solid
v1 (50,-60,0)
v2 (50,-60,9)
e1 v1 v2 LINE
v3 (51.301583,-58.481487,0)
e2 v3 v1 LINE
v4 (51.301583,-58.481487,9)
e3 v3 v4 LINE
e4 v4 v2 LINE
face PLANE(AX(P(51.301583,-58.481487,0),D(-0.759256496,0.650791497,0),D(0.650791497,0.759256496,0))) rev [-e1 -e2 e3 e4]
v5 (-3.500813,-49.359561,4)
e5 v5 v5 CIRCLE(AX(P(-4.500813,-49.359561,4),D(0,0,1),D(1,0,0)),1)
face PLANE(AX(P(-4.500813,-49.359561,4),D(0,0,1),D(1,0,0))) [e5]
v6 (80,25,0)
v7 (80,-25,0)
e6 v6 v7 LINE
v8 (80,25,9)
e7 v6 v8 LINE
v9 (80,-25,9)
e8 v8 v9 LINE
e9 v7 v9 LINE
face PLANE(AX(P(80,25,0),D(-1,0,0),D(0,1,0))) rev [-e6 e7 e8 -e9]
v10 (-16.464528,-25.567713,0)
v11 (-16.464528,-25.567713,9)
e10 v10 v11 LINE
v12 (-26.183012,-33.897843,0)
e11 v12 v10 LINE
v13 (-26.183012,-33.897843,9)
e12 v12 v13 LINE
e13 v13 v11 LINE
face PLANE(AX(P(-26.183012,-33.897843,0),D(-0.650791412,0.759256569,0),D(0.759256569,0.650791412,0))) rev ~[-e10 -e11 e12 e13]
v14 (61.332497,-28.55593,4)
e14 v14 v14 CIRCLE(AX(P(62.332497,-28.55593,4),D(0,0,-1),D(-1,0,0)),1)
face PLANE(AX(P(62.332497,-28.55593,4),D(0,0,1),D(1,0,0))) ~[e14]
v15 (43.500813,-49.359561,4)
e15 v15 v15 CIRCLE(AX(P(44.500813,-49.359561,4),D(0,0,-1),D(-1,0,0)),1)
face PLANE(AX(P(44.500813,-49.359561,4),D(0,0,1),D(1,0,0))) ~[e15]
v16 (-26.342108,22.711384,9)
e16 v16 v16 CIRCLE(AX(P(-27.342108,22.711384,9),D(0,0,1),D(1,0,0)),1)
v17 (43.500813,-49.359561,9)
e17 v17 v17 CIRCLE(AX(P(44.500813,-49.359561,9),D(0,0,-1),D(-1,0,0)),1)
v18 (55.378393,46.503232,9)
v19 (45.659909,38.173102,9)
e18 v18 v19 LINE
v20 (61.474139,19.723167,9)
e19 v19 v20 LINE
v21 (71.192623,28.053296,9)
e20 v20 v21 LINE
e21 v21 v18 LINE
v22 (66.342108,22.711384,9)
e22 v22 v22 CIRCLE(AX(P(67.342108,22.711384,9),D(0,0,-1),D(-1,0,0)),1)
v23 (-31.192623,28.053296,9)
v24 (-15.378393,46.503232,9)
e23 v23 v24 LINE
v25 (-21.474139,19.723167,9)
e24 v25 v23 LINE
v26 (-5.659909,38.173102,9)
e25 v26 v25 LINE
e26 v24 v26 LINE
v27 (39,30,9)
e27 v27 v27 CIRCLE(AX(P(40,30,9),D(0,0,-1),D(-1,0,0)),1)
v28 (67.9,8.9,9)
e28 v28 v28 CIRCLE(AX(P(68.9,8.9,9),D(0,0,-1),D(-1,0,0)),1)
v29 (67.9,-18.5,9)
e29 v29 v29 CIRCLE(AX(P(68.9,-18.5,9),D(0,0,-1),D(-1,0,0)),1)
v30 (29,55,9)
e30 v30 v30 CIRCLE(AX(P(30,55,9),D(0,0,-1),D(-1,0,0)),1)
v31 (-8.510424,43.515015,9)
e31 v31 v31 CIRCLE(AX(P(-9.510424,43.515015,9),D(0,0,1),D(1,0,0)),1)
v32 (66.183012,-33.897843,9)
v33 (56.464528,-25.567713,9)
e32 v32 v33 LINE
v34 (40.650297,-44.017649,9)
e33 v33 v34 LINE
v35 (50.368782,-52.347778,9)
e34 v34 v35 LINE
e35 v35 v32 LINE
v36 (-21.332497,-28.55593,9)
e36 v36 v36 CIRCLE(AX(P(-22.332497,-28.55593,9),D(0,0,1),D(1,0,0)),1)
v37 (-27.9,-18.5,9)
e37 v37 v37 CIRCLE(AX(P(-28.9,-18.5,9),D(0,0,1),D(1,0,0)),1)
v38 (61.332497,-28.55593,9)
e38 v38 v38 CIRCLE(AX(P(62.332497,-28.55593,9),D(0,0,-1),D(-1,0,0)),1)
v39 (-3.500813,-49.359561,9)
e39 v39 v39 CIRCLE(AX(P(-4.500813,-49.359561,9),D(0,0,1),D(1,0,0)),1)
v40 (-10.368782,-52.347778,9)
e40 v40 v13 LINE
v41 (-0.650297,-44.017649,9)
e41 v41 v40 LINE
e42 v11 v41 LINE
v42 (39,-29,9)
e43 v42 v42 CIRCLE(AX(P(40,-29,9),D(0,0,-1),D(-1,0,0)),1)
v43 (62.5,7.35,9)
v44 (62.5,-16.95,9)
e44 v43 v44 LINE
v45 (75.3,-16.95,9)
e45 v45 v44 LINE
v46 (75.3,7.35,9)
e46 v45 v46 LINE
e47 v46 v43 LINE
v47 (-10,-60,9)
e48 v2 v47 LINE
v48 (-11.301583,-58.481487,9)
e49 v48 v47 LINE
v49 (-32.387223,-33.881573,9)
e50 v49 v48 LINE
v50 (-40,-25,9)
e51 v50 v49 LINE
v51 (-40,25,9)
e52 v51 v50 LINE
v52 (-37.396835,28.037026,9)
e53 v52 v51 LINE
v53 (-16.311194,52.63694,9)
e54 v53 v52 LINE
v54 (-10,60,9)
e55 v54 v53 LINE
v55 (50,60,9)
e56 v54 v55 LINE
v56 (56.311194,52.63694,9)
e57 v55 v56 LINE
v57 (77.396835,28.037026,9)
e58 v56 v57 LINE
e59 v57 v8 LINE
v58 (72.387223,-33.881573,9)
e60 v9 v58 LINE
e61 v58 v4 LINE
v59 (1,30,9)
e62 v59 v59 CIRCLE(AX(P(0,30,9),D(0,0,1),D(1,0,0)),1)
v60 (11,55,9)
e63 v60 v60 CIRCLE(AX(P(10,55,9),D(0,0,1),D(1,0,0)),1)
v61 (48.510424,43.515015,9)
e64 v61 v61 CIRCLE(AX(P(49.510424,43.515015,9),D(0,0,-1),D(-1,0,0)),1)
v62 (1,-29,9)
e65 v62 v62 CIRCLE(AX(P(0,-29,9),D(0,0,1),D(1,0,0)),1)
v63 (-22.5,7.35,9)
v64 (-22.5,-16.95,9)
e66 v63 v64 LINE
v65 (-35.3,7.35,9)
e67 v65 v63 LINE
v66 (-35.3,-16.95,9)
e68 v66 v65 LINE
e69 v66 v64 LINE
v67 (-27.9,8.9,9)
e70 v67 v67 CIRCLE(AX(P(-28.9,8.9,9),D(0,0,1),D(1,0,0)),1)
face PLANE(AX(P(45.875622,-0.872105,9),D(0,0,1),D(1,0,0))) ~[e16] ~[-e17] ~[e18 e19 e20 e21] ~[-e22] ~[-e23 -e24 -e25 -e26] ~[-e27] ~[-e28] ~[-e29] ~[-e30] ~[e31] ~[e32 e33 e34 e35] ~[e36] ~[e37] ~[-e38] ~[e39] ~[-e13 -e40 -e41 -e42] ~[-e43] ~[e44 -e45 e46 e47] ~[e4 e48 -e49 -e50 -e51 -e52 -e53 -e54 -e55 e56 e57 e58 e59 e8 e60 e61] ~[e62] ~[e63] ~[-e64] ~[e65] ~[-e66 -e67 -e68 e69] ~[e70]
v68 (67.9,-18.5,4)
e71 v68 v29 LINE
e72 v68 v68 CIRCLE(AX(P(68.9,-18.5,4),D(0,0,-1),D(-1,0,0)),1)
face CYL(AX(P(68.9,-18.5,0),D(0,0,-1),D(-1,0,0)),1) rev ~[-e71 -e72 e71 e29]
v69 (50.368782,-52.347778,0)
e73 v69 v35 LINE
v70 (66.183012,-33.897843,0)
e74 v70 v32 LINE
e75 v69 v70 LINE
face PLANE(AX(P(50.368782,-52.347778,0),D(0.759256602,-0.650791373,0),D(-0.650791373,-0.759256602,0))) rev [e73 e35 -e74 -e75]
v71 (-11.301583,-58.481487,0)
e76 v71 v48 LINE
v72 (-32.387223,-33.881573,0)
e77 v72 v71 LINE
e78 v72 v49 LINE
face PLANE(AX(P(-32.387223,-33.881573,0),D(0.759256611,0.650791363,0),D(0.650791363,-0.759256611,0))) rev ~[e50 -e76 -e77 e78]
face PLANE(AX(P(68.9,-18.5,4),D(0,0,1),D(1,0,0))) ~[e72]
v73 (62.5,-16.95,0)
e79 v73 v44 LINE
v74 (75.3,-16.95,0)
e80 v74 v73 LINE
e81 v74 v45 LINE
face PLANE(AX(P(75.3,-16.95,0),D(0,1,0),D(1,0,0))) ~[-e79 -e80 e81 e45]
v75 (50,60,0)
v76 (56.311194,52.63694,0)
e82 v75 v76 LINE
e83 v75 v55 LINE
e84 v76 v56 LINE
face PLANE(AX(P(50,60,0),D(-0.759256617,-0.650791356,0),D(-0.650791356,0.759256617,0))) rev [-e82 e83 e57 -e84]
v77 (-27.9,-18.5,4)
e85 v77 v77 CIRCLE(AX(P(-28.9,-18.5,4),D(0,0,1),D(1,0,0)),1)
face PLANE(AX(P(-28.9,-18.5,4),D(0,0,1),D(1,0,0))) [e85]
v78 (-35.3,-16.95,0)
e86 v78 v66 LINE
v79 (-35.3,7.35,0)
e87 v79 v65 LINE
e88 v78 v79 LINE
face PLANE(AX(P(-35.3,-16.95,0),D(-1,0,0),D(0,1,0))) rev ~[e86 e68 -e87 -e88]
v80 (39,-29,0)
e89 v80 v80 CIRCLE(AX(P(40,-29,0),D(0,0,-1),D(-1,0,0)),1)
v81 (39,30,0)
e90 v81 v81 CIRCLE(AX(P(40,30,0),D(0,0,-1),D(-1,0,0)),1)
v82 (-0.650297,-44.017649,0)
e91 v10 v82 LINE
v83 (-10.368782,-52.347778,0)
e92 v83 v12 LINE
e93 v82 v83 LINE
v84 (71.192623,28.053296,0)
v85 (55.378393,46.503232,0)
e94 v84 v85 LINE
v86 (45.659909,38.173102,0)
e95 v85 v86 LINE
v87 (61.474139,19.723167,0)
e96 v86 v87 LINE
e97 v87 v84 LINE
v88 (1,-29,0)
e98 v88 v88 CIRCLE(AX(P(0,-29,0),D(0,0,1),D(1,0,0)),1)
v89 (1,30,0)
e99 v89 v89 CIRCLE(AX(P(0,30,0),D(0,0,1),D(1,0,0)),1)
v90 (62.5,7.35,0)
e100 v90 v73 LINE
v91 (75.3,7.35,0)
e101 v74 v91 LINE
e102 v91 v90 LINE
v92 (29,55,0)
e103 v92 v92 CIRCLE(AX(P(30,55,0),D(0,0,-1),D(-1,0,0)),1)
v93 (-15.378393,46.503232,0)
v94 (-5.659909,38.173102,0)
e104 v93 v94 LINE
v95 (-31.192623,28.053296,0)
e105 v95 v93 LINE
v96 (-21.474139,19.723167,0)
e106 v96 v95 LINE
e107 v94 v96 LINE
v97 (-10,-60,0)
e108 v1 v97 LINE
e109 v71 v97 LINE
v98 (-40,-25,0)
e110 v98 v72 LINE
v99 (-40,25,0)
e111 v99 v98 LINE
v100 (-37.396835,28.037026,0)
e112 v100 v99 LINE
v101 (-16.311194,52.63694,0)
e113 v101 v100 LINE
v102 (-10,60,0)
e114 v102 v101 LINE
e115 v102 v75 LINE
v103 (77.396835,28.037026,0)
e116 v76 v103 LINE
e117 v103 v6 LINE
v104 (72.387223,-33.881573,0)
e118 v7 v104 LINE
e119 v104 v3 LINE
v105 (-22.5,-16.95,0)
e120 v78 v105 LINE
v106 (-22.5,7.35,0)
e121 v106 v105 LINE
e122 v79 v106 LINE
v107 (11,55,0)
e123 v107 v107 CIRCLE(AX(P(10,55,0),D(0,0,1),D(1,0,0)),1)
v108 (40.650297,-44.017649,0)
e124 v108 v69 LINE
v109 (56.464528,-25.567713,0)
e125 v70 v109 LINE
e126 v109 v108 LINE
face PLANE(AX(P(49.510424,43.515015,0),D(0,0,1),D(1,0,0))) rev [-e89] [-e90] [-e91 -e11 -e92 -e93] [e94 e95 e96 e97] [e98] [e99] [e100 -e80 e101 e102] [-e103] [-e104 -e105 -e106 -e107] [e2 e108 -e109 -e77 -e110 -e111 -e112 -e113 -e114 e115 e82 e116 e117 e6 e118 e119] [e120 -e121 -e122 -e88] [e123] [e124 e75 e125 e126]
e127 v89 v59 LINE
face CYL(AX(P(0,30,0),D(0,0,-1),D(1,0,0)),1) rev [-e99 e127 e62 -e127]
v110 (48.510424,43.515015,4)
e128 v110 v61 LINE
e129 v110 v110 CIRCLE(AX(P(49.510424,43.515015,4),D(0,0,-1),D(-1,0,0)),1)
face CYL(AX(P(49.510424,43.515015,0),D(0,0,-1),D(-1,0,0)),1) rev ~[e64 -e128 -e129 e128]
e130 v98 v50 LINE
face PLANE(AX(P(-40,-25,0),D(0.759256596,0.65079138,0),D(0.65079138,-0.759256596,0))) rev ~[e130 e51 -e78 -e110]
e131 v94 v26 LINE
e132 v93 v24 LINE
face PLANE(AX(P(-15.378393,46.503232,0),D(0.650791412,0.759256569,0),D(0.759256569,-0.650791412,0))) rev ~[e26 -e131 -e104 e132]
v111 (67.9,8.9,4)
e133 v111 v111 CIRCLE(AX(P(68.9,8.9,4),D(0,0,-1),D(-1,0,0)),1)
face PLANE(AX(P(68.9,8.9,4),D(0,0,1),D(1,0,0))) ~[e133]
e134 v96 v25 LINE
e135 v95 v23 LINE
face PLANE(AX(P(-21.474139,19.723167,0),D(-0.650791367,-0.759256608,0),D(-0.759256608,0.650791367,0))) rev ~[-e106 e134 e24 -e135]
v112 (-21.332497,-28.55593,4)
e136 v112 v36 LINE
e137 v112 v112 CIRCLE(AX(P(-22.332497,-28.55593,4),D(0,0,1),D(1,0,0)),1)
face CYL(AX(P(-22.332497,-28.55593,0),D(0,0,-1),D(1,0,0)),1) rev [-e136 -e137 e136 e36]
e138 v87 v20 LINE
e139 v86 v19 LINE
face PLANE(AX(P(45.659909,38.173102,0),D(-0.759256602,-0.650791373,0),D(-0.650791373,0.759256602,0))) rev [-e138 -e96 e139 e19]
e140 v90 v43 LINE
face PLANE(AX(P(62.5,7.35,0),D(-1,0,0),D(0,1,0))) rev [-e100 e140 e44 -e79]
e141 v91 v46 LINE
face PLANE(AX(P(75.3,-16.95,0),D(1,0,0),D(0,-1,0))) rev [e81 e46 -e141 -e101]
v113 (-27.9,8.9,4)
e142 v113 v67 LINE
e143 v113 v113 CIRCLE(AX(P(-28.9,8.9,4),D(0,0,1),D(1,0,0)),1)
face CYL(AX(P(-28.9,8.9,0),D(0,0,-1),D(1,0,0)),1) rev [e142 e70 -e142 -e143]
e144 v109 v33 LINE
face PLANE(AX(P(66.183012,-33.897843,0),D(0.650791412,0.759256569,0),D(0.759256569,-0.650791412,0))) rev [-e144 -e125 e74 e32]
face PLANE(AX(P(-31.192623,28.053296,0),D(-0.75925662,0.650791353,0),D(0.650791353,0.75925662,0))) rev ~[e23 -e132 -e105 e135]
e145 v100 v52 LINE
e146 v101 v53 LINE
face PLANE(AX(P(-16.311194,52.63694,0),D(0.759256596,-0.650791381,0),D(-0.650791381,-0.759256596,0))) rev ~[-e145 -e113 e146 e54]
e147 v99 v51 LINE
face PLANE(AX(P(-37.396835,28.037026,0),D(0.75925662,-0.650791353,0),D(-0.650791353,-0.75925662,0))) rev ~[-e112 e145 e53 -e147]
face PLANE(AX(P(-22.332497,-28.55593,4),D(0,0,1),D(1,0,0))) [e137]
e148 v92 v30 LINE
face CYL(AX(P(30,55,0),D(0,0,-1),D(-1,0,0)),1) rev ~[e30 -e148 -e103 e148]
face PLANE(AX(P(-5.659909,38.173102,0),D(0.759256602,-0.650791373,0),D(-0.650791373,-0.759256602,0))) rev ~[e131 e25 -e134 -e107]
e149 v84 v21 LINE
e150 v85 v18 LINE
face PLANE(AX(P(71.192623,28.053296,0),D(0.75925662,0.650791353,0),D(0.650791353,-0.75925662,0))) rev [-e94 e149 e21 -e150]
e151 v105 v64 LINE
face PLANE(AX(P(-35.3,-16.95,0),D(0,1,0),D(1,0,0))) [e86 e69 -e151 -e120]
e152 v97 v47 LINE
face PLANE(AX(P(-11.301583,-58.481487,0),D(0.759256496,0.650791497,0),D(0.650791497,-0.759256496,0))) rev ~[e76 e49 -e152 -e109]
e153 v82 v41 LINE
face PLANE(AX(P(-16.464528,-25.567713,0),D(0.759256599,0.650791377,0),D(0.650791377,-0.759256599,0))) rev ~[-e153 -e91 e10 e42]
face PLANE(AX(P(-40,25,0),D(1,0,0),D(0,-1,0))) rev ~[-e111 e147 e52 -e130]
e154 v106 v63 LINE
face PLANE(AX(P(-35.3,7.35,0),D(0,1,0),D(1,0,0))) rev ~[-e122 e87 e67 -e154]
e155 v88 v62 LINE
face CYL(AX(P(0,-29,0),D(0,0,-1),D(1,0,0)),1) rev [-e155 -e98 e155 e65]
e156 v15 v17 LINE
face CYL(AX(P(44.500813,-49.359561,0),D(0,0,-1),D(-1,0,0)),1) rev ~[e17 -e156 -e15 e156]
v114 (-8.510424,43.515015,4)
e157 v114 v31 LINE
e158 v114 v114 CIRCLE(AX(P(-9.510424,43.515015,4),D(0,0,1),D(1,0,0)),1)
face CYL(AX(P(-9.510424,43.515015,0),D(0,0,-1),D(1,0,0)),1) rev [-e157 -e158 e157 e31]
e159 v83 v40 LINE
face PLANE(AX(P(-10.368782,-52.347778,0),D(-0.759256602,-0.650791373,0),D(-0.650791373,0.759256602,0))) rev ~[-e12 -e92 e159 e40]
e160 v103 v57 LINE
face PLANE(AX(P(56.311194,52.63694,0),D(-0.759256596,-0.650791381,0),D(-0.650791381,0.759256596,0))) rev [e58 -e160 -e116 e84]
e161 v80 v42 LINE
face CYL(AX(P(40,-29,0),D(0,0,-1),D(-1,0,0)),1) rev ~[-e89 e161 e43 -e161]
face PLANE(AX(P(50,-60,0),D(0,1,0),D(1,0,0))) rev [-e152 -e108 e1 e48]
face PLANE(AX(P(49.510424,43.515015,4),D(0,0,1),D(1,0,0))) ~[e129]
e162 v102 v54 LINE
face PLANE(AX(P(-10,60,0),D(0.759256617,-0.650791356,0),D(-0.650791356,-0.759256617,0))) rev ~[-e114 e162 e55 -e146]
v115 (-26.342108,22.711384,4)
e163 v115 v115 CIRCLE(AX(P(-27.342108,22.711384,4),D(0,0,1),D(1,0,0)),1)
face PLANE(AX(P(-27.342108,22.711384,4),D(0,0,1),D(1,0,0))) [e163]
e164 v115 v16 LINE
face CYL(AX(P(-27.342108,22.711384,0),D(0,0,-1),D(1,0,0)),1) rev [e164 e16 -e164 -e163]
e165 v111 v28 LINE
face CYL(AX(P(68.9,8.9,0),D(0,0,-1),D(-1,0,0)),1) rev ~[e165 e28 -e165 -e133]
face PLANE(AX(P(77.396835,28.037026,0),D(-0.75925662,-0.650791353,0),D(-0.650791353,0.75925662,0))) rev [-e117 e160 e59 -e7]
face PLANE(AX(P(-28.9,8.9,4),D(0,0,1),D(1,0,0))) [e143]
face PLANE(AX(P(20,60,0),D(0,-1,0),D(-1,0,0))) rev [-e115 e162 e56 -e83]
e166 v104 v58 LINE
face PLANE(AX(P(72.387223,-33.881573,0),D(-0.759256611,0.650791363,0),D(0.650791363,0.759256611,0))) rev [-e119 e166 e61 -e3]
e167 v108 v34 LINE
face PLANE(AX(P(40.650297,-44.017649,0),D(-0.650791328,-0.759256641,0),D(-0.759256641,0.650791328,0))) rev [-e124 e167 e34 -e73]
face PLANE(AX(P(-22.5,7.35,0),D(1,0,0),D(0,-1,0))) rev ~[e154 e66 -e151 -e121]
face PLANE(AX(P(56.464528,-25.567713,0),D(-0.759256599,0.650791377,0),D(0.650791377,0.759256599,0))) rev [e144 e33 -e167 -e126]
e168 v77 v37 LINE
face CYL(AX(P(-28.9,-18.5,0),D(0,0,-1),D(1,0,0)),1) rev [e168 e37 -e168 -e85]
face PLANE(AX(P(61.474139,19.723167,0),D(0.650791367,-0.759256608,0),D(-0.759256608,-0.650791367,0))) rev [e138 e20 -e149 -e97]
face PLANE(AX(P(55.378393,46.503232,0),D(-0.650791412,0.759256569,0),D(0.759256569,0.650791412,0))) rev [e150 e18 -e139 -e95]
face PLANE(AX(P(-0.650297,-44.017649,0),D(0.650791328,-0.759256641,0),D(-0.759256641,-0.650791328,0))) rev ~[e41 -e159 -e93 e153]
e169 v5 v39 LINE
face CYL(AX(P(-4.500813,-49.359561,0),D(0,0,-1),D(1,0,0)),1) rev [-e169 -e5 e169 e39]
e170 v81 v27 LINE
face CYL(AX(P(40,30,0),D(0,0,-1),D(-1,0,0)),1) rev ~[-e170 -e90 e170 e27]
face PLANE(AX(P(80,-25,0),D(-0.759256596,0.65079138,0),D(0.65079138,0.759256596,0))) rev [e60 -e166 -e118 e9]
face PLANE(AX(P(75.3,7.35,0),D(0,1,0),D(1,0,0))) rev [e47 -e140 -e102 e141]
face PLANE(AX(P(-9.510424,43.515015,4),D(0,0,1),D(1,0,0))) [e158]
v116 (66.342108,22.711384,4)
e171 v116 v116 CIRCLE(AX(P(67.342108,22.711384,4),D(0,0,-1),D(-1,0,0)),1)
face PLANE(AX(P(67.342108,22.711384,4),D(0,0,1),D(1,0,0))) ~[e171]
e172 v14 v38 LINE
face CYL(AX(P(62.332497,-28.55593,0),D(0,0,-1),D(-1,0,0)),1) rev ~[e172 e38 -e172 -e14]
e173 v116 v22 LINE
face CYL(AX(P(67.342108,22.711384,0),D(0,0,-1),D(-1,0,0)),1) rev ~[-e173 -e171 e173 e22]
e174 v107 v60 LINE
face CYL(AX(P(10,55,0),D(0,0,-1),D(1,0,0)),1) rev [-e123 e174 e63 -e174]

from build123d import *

# Parameters (mm, degrees)
F0_R     = 1
F0_W     = 12.8
F0_H     = 4.05
F1_DEPTH = 9
F2_DEPTH = 4


with BuildPart() as f1:
    # F0 (on Top) → F1 (new body)
    with BuildSketch(Plane.XY):
        Polygon((-40, -21), (-40, -25), (-32.387223, -33.881573), (-28.818717, -30.822853), (-19.100233, -22.492724), (-16.464528, -25.567713), (-0.650297, -44.017649), (1.985408, -47.092638), (-7.733077, -55.422767), (-11.301583, -58.481487), (-10, -60), (20, -60), (20, 60), (-10, 60), (-16.311194, 52.63694), (-12.742688, 49.578221), (-3.024203, 41.248091), (-5.659909, 38.173102), (-21.474139, 19.723167), (-24.109844, 16.648177), (-33.828328, 24.978307), (-37.396835, 28.037026), (-40, 25), (-40, 11.4), (-35.3, 11.4), (-22.5, 11.4), (-22.5, 7.35), (-22.5, -16.95), (-22.5, -21), (-35.3, -21), align=None)
        with Locations((0, -29)):
            Circle(F0_R, mode=Mode.SUBTRACT)
        with Locations((0, 30)):
            Circle(F0_R, mode=Mode.SUBTRACT)
        with Locations((10, 55)):
            Circle(F0_R, mode=Mode.SUBTRACT)
        Polygon((-40, 11.4), (-40, -21), (-35.3, -21), (-35.3, -16.95), (-35.3, 7.35), (-35.3, 11.4), align=None)
        Polygon((-28.818717, -30.822853), (-32.387223, -33.881573), (-11.301583, -58.481487), (-7.733077, -55.422767), (-10.368782, -52.347778), (-26.183012, -33.897843), align=None)
        Polygon((-16.311194, 52.63694), (-37.396835, 28.037026), (-33.828328, 24.978307), (-31.192623, 28.053296), (-15.378393, 46.503232), (-12.742688, 49.578221), align=None)
        Polygon((-10.368782, -52.347778), (-7.733077, -55.422767), (1.985408, -47.092638), (-0.650297, -44.017649), align=None)
        with Locations((-4.500813, -49.359561)):
            Circle(F0_R, mode=Mode.SUBTRACT)
        Polygon((-19.100233, -22.492724), (-28.818717, -30.822853), (-26.183012, -33.897843), (-16.464528, -25.567713), align=None)
        with Locations((-22.332497, -28.55593)):
            Circle(F0_R, mode=Mode.SUBTRACT)
        with Locations((-28.9, -18.975)):
            Rectangle(F0_W, F0_H)
        with Locations((-28.9, -18.5)):
            Circle(F0_R, mode=Mode.SUBTRACT)
        with Locations((-28.9, 9.375)):
            Rectangle(F0_W, F0_H)
        with Locations((-28.9, 8.9)):
            Circle(F0_R, mode=Mode.SUBTRACT)
        Polygon((-3.024203, 41.248091), (-12.742688, 49.578221), (-15.378393, 46.503232), (-5.659909, 38.173102), align=None)
        with Locations((-9.510424, 43.515015)):
            Circle(F0_R, mode=Mode.SUBTRACT)
        Polygon((-31.192623, 28.053296), (-33.828328, 24.978307), (-24.109844, 16.648177), (-21.474139, 19.723167), align=None)
        with Locations((-27.342108, 22.711384)):
            Circle(F0_R, mode=Mode.SUBTRACT)
    extrude(amount=F1_DEPTH)

    # F0 (on Top) → F2 (join)
    with BuildSketch(Plane.XY):
        with Locations((-9.510424, 43.515015)):
            Circle(F0_R)
        with Locations((-27.342108, 22.711384)):
            Circle(F0_R)
        with Locations((-28.9, 8.9)):
            Circle(F0_R)
        with Locations((-28.9, -18.5)):
            Circle(F0_R)
        with Locations((-22.332497, -28.55593)):
            Circle(F0_R)
        with Locations((-4.500813, -49.359561)):
            Circle(F0_R)
    extrude(amount=F2_DEPTH)

    # F3: F1 across face


with BuildPart() as f1_1:
    add(f1.part)
    add(f1.part.mirror(Plane(origin=(20, 0, 4.5), x_dir=(0, 1, 0), z_dir=(1, 0, 0))))


solid = f1_1.part
